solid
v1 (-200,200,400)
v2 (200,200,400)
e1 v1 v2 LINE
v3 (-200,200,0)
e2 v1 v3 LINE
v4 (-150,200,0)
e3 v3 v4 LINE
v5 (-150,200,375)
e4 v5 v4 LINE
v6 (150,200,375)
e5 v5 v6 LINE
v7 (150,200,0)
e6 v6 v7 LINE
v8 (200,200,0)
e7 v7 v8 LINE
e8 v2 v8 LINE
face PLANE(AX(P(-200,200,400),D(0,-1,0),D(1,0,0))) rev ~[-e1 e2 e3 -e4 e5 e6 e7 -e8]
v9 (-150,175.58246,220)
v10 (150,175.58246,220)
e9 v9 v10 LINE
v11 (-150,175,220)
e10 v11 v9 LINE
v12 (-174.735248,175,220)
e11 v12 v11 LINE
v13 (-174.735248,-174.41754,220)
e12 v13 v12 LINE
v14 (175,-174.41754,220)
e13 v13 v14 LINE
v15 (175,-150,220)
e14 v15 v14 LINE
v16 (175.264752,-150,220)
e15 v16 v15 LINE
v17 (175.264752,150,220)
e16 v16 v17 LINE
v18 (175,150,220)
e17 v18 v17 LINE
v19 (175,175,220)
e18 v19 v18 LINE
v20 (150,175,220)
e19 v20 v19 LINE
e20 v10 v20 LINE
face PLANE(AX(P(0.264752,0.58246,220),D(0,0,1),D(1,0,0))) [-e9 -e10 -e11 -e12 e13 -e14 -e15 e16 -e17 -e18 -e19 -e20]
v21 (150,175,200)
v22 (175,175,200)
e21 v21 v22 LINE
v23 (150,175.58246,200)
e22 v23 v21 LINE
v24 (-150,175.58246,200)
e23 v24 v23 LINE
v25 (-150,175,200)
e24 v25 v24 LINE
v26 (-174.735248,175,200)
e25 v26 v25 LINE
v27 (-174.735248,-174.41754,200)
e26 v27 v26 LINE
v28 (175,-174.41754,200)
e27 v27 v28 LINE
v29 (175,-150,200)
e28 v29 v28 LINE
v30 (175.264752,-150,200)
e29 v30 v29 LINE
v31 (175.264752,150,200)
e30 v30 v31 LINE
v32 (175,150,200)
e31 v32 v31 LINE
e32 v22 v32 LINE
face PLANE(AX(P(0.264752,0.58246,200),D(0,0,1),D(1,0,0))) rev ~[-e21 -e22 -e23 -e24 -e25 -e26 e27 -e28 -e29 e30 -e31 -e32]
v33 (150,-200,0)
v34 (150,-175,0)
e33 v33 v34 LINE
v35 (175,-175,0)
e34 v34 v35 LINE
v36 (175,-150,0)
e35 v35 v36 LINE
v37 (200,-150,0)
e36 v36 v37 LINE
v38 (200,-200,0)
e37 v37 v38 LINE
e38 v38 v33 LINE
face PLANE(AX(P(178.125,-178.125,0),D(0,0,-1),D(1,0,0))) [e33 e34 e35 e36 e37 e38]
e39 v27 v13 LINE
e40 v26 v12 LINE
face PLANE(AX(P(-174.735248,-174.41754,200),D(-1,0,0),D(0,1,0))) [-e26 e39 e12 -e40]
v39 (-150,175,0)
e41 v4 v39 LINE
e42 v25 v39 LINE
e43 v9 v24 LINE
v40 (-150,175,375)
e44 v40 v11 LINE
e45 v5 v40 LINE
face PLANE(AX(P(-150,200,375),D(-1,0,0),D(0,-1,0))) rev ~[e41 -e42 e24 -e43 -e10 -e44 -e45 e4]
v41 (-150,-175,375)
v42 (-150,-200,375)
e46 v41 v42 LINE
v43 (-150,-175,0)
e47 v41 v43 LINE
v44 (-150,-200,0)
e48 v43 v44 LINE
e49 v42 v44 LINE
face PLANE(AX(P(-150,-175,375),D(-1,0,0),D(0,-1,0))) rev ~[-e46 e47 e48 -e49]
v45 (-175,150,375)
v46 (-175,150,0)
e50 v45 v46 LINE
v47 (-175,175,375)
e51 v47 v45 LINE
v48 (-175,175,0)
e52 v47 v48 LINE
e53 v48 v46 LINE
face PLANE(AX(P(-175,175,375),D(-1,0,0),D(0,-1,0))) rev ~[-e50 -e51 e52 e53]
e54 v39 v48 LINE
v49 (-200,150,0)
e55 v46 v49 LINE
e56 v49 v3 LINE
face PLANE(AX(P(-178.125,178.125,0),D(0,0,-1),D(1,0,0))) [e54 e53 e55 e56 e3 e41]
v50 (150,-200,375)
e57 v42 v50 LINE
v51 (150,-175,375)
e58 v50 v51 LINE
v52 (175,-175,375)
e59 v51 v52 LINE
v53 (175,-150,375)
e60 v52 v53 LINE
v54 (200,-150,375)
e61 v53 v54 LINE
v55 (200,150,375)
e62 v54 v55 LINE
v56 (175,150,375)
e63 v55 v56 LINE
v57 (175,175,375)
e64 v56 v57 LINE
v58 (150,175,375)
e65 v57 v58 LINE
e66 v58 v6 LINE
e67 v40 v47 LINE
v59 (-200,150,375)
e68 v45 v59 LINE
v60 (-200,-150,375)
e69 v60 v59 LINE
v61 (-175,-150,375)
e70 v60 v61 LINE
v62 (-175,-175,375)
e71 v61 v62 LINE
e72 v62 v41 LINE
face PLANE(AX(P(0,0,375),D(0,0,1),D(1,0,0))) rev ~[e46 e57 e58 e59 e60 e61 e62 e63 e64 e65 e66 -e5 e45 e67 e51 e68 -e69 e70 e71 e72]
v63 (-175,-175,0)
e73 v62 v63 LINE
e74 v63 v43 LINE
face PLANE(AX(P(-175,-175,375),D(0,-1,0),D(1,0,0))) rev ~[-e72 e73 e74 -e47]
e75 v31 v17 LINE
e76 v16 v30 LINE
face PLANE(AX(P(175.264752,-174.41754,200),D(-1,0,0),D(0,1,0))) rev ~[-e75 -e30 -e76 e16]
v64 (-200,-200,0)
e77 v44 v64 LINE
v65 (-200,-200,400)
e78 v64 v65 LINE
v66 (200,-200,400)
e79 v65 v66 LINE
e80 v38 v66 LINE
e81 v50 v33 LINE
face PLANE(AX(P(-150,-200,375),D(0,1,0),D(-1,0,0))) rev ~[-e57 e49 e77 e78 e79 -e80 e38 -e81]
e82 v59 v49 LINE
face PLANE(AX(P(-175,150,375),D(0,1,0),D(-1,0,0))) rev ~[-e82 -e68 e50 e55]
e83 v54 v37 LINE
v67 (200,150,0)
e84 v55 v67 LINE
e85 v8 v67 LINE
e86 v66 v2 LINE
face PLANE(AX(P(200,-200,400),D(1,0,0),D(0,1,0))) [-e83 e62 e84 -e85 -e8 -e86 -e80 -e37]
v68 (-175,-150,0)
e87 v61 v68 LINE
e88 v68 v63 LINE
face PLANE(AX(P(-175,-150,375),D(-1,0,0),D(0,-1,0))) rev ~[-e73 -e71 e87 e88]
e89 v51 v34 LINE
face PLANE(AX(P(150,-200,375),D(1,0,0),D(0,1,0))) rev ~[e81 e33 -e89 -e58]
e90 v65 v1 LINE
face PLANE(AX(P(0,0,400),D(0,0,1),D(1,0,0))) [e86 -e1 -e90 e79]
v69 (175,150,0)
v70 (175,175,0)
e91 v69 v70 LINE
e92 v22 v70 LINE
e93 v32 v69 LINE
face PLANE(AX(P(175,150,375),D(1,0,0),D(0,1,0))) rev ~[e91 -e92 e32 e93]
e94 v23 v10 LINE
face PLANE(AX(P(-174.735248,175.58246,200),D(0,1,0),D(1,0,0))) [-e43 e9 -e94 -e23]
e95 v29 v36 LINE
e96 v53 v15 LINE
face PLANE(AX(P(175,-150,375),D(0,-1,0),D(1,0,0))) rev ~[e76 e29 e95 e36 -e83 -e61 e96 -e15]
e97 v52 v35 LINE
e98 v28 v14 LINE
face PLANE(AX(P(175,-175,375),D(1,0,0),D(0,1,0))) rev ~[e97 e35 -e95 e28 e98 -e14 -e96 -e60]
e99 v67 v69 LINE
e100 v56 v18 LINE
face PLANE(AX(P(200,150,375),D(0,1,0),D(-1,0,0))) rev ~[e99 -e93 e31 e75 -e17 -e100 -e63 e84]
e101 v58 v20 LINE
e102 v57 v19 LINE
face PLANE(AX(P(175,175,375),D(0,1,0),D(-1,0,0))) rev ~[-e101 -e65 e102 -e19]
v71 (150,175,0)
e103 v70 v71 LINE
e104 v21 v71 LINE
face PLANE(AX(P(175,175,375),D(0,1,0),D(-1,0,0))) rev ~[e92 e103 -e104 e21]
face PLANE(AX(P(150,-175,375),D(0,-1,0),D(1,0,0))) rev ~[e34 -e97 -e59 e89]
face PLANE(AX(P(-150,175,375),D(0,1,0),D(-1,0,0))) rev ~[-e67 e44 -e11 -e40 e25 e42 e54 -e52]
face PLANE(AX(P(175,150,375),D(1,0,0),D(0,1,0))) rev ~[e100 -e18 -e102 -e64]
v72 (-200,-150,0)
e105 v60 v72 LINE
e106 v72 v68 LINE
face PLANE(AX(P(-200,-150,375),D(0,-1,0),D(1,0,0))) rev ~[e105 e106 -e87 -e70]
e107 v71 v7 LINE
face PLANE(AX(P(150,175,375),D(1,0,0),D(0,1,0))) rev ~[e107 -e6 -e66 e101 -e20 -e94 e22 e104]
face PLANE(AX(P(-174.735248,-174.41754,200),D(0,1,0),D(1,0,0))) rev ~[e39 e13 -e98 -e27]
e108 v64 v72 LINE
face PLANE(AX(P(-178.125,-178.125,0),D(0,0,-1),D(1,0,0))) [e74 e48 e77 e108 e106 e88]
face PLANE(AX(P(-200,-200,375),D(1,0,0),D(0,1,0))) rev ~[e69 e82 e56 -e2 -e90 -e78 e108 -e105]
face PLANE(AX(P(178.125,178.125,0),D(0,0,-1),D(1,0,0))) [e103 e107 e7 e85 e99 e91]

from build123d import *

# Parameters (mm, degrees)
F1_W     = 400
F1_H     = 400
F2_DEPTH = 25
F4_DEPTH = 375
F6_W     = 350
F6_H     = 350
F7_DEPTH = 20


with BuildPart() as f2:
    # F1 (on offset) → F2 (new body)
    with BuildSketch(Plane.XY.offset(400)):
        Rectangle(F1_W, F1_H)
    extrude(amount=-F2_DEPTH)

    # F3 (on face) → F4 (join)
    with BuildSketch(Plane(origin=(0, 0, 375), x_dir=(1, 0, 0), z_dir=(0, 0, -1))):
        Polygon((-200, 200), (-200, 150), (-175, 150), (-175, 175), (-150, 175), (-150, 200), align=None)
        Polygon((175, 150), (200, 150), (200, 200), (150, 200), (150, 175), (175, 175), align=None)
        Polygon((-150, -175), (-175, -175), (-175, -150), (-200, -150), (-200, -200), (-150, -200), align=None)
        Polygon((200, -200), (200, -150), (175, -150), (175, -175), (150, -175), (150, -200), align=None)
    extrude(amount=F4_DEPTH)

    # F6 (on offset) → F7 (join)
    with BuildSketch(Plane.XY.offset(200)):
        with Locations((0.264752, 0.58246)):
            Rectangle(F6_W, F6_H)
    extrude(amount=F7_DEPTH)


solid = f2.part
